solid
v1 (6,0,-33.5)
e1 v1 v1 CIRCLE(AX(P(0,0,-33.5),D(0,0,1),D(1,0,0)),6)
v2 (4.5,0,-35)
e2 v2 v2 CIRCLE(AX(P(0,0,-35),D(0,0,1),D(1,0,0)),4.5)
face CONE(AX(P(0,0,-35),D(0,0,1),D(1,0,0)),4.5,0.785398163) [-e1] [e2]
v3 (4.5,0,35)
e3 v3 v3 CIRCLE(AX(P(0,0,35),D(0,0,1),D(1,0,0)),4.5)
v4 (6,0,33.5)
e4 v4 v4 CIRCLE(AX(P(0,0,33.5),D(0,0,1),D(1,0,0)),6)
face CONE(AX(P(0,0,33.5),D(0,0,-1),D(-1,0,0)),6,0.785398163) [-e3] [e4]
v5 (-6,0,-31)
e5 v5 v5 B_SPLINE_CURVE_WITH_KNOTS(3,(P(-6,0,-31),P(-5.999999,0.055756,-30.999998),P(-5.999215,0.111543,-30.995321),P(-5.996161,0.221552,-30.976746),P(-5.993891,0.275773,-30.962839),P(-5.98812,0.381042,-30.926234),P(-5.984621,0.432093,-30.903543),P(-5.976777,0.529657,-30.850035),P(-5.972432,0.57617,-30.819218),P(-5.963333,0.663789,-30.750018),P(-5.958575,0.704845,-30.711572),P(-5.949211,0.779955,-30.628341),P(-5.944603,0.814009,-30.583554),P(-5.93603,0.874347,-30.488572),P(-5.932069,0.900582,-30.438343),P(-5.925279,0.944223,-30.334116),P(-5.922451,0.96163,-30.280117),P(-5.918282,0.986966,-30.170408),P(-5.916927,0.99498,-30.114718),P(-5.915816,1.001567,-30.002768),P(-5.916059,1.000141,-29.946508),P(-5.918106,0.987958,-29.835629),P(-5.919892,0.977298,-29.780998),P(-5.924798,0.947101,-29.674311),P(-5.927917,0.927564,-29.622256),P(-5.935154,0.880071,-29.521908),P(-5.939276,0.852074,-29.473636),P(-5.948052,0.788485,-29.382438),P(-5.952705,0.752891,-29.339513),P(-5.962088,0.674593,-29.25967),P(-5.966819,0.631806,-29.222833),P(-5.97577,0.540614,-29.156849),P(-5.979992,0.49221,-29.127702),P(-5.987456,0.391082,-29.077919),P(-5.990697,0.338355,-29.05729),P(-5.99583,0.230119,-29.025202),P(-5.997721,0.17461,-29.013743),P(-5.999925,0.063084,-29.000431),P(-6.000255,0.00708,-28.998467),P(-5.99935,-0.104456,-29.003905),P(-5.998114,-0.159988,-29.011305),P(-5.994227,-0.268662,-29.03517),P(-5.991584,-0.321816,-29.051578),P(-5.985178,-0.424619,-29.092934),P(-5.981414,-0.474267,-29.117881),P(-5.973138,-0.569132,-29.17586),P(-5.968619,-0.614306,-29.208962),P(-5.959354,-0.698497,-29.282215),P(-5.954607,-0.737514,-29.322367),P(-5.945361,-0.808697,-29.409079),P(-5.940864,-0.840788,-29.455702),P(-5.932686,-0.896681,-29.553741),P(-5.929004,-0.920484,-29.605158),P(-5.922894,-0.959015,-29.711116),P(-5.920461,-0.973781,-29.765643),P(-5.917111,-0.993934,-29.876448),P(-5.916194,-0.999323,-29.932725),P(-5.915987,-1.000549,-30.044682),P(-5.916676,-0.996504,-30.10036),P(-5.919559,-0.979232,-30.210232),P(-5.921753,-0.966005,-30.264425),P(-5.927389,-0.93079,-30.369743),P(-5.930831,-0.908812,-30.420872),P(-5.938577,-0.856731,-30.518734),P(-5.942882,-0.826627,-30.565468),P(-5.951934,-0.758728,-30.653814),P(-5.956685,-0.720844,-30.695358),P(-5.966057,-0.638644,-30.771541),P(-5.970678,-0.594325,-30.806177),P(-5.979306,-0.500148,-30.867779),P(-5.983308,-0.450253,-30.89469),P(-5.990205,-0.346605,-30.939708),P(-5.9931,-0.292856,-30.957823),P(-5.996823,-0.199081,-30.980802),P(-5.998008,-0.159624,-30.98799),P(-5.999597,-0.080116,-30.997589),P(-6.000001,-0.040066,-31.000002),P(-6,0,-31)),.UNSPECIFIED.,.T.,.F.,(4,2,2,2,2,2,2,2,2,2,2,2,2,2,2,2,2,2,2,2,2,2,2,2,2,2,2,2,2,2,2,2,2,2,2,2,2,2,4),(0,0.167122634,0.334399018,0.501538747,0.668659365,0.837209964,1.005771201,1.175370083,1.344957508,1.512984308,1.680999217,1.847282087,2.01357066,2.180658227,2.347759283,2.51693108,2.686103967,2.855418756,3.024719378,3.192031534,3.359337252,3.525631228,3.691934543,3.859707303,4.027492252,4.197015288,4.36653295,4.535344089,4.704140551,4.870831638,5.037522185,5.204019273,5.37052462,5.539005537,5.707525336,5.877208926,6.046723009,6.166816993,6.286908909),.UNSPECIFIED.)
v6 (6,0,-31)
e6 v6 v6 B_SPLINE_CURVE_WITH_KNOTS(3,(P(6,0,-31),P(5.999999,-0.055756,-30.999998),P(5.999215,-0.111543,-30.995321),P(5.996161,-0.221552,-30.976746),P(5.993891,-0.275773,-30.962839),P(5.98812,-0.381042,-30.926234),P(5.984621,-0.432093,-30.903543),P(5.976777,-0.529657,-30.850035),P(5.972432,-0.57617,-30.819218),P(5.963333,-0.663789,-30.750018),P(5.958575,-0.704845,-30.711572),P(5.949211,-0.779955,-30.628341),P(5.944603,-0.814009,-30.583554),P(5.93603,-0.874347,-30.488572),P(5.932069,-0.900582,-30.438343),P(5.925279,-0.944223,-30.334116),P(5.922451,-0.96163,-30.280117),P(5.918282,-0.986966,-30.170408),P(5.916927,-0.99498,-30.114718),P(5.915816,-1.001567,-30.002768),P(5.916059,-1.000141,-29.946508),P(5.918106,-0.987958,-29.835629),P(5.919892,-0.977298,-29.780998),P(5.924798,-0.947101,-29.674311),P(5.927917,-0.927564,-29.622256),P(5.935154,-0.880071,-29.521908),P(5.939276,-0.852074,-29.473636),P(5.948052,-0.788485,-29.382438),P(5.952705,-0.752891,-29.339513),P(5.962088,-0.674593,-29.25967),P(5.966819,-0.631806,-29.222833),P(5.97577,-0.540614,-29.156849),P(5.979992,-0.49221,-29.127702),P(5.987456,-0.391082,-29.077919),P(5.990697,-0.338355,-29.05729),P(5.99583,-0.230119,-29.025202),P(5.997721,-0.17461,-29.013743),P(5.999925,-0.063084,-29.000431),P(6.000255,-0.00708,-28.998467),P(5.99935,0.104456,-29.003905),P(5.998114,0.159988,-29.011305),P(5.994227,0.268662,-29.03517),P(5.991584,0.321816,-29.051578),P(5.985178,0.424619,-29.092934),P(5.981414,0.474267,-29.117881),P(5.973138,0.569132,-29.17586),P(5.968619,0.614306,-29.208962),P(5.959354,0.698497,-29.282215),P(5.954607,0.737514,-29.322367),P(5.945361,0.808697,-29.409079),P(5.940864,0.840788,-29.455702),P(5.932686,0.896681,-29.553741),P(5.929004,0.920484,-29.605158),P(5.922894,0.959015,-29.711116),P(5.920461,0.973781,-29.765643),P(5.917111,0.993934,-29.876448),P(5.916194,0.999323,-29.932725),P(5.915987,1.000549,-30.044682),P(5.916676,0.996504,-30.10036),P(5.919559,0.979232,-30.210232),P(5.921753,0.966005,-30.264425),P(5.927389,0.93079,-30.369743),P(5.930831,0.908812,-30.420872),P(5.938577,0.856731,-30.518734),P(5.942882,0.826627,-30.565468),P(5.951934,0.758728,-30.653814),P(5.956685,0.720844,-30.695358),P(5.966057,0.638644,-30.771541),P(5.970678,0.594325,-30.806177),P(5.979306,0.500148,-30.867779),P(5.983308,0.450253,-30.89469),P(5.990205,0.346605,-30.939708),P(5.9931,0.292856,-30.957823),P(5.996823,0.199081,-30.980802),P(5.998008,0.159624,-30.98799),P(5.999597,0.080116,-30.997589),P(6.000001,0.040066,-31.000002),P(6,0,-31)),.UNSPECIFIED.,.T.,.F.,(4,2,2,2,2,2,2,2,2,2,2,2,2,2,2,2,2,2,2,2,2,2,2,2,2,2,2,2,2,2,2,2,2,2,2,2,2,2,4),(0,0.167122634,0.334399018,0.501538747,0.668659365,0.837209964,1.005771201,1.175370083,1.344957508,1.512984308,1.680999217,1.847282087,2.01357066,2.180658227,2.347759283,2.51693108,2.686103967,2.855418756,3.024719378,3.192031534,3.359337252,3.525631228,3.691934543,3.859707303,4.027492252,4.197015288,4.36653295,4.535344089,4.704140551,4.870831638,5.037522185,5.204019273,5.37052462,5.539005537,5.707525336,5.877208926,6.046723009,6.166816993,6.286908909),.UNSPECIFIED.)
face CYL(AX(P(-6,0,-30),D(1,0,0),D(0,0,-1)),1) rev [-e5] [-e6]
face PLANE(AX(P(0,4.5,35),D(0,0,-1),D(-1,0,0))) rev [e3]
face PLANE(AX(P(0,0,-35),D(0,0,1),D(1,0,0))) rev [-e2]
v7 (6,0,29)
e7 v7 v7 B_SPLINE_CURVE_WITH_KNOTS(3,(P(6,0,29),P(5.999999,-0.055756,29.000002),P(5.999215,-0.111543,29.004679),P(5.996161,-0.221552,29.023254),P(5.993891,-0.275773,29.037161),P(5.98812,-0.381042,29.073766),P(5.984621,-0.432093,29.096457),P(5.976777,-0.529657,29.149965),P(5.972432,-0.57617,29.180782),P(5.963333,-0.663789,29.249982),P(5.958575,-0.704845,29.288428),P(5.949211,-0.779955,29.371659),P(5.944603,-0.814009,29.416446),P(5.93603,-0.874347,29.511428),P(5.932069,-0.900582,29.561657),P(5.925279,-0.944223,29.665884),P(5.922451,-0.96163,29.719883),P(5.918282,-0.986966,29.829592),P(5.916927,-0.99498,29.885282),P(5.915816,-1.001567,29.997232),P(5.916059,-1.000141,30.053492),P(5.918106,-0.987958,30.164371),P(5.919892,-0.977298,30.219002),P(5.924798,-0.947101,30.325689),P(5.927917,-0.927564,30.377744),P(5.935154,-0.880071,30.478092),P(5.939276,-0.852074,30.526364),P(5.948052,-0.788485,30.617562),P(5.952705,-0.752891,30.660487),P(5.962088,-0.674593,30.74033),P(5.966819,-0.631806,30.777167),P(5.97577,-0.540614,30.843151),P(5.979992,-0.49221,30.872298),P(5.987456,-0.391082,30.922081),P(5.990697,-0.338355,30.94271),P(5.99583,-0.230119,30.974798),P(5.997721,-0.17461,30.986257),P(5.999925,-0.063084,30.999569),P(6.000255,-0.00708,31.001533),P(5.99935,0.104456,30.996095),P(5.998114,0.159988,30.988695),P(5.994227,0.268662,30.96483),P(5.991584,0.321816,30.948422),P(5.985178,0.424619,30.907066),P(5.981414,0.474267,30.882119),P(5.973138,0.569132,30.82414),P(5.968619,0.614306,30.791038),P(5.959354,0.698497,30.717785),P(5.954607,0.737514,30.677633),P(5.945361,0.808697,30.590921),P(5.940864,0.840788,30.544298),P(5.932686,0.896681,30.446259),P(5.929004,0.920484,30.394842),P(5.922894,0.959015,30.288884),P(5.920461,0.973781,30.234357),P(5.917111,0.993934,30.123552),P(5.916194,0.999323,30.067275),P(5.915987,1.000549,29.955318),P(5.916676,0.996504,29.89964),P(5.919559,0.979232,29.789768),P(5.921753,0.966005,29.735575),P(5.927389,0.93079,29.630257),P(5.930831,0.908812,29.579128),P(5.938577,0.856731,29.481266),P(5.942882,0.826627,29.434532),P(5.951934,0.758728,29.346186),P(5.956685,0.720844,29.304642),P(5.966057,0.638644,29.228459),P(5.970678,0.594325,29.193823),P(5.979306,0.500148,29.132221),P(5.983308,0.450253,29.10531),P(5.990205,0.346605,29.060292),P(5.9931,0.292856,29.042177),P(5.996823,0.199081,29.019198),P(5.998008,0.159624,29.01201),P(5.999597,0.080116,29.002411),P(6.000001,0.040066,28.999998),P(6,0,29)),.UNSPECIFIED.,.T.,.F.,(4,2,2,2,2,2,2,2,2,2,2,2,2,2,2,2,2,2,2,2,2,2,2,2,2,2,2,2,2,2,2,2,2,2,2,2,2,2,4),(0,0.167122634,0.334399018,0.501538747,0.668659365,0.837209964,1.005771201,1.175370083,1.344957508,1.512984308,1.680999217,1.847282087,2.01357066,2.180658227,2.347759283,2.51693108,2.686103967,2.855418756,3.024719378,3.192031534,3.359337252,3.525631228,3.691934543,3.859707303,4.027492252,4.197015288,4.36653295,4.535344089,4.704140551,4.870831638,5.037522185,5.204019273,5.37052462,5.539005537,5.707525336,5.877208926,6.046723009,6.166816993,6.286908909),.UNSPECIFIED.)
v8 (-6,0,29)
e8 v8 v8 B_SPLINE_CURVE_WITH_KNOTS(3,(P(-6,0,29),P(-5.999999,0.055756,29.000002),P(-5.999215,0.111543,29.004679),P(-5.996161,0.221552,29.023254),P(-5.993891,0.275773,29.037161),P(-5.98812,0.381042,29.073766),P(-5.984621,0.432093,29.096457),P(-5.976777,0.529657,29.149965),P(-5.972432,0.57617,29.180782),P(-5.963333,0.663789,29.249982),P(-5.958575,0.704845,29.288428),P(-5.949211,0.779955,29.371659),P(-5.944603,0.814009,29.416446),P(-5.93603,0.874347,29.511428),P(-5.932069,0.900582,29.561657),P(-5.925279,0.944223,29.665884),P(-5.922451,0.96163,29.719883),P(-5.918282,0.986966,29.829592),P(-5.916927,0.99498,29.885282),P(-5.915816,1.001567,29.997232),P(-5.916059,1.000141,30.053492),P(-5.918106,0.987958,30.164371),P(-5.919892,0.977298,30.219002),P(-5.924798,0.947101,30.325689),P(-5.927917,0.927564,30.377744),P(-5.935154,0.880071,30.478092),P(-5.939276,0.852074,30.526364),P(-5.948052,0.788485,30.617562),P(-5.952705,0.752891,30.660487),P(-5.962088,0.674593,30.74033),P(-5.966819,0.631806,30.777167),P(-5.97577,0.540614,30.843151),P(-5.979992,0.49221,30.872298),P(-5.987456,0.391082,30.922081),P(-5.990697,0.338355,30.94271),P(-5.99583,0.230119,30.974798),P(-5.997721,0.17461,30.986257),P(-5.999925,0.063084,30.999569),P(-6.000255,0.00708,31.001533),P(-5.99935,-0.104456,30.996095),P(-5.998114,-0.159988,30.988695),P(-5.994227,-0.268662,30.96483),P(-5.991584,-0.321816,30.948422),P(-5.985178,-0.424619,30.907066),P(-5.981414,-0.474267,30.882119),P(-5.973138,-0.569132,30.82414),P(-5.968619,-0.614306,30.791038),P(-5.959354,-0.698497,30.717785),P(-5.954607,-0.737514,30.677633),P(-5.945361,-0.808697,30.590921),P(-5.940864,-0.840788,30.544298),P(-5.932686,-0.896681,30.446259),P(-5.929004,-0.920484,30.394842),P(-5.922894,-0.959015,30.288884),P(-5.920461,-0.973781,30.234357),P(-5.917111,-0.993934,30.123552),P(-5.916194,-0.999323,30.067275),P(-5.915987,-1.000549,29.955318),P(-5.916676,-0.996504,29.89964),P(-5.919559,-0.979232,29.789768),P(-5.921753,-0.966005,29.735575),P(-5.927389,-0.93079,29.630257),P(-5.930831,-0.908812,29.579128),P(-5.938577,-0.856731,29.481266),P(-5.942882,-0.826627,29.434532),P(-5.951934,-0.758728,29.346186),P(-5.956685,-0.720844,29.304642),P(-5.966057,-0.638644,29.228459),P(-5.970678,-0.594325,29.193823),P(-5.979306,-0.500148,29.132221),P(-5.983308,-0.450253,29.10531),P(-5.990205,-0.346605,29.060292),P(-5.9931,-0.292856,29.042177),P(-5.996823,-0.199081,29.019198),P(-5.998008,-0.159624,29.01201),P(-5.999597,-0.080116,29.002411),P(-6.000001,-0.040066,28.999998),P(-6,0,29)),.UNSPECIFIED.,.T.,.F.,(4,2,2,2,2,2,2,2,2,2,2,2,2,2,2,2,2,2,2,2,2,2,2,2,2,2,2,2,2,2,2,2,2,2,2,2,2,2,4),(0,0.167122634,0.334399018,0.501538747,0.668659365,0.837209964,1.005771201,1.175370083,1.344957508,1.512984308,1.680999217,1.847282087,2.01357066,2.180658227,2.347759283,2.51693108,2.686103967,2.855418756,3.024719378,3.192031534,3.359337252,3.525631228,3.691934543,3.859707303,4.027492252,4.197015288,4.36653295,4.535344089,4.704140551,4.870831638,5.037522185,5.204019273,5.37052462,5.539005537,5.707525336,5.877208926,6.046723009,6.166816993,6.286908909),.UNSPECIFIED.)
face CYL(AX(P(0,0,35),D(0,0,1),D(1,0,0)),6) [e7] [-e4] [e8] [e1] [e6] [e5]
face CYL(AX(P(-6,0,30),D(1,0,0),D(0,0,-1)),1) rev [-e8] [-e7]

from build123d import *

# Parameters (mm, degrees)
CUT_EXTRUDE1_DEPTH      = 37.013886211
CUT_EXTRUDE1_DEPTH_BACK = 37.013886211
SKETCH2_R               = 1


with BuildPart() as part:
    # Sketch1 → Revolve1 (revolve)
    with BuildSketch(Plane(origin=(0, 0, 0), x_dir=(0, 0, -1), z_dir=(1, 0, 0)), mode=Mode.PRIVATE) as revolve1_sk:
        Polygon((35, 0), (35, 4.5), (33.5, 6), (-33.5, 6), (-35, 4.5), (-35, 0), align=None)
    revolve(revolve1_sk.sketch.rotate(Axis((0, 0, 35), (0, 0, -1)), 90), axis=Axis((0, 0, 35), (0, 0, -1)))

    # Sketch2 → Cut-Extrude1 (cut, two sides: drawn at the far end of the back side and taken through both)
    with BuildSketch(Plane(origin=(0, 0, 0), x_dir=(0, 0, -1), z_dir=(1, 0, 0)).offset(-CUT_EXTRUDE1_DEPTH_BACK)):
        with Locations((30, 0)):
            Circle(SKETCH2_R)
        with Locations((-30, 0)):
            Circle(SKETCH2_R)
    extrude(amount=CUT_EXTRUDE1_DEPTH + CUT_EXTRUDE1_DEPTH_BACK, mode=Mode.SUBTRACT)


solid = part.part
